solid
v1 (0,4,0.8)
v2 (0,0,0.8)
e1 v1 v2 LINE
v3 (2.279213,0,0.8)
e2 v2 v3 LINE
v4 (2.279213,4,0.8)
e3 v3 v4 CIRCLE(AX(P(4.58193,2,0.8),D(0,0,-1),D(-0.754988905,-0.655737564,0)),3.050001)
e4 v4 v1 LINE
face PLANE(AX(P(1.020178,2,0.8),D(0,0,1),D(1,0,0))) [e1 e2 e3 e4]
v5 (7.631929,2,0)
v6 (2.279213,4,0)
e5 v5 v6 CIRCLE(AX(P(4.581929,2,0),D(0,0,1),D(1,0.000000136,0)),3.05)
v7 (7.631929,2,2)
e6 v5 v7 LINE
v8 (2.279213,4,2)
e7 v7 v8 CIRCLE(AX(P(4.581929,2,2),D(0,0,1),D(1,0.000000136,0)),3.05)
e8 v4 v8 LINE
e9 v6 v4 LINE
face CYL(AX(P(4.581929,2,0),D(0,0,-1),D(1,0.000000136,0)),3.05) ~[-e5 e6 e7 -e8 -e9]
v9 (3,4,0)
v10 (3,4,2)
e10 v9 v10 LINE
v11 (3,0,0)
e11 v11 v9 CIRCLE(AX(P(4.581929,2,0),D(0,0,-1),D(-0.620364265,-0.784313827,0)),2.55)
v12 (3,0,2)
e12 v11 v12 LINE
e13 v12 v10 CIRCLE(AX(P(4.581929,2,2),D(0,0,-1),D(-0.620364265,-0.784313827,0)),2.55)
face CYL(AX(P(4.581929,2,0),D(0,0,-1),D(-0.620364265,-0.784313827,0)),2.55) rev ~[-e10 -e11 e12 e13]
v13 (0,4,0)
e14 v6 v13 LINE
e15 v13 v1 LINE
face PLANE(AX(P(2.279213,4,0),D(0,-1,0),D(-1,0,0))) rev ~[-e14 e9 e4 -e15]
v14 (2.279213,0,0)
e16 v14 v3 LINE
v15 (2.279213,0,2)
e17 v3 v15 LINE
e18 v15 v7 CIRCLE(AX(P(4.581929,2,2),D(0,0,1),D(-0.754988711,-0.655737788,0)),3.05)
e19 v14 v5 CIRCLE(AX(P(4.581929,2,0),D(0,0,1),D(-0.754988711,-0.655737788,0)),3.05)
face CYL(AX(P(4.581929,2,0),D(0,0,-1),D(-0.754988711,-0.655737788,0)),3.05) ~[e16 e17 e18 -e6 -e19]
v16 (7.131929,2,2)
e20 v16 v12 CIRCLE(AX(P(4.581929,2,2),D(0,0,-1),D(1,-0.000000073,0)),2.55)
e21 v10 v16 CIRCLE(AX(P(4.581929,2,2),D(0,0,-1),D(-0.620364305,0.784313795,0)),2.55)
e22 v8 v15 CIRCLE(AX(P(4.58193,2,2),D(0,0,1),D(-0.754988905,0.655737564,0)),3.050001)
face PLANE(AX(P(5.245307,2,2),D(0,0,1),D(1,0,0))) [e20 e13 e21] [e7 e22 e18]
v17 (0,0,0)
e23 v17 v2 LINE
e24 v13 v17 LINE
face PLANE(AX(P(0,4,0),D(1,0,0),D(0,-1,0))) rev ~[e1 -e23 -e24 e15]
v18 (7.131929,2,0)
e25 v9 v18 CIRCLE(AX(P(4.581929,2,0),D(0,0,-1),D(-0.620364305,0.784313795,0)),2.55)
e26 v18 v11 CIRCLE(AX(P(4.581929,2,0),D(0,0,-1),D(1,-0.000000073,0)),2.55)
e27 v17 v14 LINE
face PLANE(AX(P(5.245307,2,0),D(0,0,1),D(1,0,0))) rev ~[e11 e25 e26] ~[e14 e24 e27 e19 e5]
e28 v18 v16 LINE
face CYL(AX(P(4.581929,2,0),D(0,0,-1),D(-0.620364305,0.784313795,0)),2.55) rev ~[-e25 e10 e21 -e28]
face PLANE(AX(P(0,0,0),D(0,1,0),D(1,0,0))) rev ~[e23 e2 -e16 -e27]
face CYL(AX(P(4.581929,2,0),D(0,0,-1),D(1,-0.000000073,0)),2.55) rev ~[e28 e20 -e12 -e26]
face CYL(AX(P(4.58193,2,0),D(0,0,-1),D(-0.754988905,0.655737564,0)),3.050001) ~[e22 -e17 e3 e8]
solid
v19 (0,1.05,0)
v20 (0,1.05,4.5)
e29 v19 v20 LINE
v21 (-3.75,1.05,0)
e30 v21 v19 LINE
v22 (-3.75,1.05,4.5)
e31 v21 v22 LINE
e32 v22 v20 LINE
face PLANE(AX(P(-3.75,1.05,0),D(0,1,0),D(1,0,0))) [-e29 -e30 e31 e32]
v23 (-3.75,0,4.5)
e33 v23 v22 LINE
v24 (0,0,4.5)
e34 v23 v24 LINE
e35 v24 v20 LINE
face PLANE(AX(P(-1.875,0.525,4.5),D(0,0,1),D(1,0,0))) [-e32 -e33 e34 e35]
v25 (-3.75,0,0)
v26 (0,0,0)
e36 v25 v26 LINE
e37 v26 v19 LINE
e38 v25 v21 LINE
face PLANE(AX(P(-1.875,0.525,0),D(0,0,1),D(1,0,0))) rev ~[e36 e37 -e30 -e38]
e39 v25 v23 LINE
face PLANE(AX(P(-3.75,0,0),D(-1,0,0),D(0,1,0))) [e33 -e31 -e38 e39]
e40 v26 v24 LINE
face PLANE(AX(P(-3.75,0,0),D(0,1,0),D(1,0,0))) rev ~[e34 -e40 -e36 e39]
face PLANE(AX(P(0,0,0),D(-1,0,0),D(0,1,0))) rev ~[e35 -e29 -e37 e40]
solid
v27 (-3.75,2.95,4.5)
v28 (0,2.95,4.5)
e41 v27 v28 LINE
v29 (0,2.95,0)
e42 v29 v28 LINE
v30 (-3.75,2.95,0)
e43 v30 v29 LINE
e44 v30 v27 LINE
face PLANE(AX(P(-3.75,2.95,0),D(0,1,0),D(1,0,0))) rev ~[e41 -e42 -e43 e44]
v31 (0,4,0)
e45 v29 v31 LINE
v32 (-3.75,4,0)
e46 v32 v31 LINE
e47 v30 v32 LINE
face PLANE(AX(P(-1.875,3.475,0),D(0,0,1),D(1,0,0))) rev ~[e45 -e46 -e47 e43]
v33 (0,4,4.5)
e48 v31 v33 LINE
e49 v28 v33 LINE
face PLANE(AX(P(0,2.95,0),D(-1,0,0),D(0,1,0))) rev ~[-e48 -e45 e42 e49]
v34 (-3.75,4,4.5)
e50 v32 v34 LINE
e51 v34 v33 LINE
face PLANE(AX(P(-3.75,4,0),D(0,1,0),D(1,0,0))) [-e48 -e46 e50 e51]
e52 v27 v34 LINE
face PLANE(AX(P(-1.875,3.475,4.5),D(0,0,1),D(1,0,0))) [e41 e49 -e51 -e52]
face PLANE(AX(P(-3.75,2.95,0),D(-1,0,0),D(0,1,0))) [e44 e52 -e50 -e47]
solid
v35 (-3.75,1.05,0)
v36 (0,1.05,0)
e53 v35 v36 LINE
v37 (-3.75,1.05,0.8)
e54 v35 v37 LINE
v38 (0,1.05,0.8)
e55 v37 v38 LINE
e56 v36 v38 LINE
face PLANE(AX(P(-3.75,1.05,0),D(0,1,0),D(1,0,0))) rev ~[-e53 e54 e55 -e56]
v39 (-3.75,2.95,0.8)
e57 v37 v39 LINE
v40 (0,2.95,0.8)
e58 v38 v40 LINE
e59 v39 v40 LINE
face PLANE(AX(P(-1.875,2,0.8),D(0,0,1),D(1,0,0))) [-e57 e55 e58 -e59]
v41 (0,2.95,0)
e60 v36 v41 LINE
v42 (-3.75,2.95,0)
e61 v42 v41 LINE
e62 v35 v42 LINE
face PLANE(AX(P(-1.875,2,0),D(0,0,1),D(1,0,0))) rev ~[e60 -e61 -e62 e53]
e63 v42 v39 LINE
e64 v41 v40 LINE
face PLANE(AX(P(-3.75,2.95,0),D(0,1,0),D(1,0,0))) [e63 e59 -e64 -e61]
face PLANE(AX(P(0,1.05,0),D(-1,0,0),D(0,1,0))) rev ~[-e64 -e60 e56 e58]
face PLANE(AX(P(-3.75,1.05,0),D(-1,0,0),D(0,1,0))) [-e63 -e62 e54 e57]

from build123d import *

# Parameters (mm, degrees)
F0_W     = 3.75
F0_H     = 1.05
F1_DEPTH = 4.5
F0_H_2   = 1.9
F2_DEPTH = 0.8
F3_DEPTH = 0.8
F4_DEPTH = 2


with BuildPart() as f1:
    # F0 (on Top) → F1 (new body)
    with BuildSketch(Plane.XY):
        with Locations((-1.875, 3.475)):
            Rectangle(F0_W, F0_H)
        with Locations((-1.875, 0.525)):
            Rectangle(F0_W, F0_H)
    extrude(amount=F1_DEPTH)


with BuildPart() as f2:
    # F0 (on Top) → F2 (new body)
    with BuildSketch(Plane.XY):
        with Locations((-1.875, 2)):
            Rectangle(F0_W, F0_H_2)
    extrude(amount=F2_DEPTH)


with BuildPart() as f3:
    # F0 (on Top) → F3 (new body)
    with BuildSketch(Plane.XY):
        with BuildLine():
            Line((0, 1.05), (0, 0))
            Line((0, 0), (2.279213, 0))
            ThreePointArc((2.279213, 0), (1.531929, 2), (2.279213, 4))
            Line((2.279213, 4), (0, 4))
            Line((0, 4), (0, 2.95))
            Line((0, 2.95), (0, 1.05))
        make_face()
    extrude(amount=F3_DEPTH)

    # F0 (on Top) → F4 (join)
    with BuildSketch(Plane.XY):
        with BuildLine():
            Line((3, 0), (2.279213, 0))
            ThreePointArc((2.279213, 0), (5.649454, -0.857077), (7.631929, 2))
            ThreePointArc((7.631929, 2), (5.649454, 4.857077), (2.279213, 4))
            Line((2.279213, 4), (3, 4))
            ThreePointArc((3, 4), (5.692915, 4.295258), (7.131929, 2))
            ThreePointArc((7.131929, 2), (5.692915, -0.295258), (3, 0))
        make_face()
        with BuildLine():
            ThreePointArc((2.279213, 4), (1.531929, 2), (2.279213, 0))
            Line((2.279213, 0), (3, 0))
            ThreePointArc((3, 0), (2.031929, 2), (3, 4))
            Line((3, 4), (2.279213, 4))
        make_face()
    extrude(amount=F4_DEPTH)


solid = Compound([f1.part, f2.part, f3.part])
